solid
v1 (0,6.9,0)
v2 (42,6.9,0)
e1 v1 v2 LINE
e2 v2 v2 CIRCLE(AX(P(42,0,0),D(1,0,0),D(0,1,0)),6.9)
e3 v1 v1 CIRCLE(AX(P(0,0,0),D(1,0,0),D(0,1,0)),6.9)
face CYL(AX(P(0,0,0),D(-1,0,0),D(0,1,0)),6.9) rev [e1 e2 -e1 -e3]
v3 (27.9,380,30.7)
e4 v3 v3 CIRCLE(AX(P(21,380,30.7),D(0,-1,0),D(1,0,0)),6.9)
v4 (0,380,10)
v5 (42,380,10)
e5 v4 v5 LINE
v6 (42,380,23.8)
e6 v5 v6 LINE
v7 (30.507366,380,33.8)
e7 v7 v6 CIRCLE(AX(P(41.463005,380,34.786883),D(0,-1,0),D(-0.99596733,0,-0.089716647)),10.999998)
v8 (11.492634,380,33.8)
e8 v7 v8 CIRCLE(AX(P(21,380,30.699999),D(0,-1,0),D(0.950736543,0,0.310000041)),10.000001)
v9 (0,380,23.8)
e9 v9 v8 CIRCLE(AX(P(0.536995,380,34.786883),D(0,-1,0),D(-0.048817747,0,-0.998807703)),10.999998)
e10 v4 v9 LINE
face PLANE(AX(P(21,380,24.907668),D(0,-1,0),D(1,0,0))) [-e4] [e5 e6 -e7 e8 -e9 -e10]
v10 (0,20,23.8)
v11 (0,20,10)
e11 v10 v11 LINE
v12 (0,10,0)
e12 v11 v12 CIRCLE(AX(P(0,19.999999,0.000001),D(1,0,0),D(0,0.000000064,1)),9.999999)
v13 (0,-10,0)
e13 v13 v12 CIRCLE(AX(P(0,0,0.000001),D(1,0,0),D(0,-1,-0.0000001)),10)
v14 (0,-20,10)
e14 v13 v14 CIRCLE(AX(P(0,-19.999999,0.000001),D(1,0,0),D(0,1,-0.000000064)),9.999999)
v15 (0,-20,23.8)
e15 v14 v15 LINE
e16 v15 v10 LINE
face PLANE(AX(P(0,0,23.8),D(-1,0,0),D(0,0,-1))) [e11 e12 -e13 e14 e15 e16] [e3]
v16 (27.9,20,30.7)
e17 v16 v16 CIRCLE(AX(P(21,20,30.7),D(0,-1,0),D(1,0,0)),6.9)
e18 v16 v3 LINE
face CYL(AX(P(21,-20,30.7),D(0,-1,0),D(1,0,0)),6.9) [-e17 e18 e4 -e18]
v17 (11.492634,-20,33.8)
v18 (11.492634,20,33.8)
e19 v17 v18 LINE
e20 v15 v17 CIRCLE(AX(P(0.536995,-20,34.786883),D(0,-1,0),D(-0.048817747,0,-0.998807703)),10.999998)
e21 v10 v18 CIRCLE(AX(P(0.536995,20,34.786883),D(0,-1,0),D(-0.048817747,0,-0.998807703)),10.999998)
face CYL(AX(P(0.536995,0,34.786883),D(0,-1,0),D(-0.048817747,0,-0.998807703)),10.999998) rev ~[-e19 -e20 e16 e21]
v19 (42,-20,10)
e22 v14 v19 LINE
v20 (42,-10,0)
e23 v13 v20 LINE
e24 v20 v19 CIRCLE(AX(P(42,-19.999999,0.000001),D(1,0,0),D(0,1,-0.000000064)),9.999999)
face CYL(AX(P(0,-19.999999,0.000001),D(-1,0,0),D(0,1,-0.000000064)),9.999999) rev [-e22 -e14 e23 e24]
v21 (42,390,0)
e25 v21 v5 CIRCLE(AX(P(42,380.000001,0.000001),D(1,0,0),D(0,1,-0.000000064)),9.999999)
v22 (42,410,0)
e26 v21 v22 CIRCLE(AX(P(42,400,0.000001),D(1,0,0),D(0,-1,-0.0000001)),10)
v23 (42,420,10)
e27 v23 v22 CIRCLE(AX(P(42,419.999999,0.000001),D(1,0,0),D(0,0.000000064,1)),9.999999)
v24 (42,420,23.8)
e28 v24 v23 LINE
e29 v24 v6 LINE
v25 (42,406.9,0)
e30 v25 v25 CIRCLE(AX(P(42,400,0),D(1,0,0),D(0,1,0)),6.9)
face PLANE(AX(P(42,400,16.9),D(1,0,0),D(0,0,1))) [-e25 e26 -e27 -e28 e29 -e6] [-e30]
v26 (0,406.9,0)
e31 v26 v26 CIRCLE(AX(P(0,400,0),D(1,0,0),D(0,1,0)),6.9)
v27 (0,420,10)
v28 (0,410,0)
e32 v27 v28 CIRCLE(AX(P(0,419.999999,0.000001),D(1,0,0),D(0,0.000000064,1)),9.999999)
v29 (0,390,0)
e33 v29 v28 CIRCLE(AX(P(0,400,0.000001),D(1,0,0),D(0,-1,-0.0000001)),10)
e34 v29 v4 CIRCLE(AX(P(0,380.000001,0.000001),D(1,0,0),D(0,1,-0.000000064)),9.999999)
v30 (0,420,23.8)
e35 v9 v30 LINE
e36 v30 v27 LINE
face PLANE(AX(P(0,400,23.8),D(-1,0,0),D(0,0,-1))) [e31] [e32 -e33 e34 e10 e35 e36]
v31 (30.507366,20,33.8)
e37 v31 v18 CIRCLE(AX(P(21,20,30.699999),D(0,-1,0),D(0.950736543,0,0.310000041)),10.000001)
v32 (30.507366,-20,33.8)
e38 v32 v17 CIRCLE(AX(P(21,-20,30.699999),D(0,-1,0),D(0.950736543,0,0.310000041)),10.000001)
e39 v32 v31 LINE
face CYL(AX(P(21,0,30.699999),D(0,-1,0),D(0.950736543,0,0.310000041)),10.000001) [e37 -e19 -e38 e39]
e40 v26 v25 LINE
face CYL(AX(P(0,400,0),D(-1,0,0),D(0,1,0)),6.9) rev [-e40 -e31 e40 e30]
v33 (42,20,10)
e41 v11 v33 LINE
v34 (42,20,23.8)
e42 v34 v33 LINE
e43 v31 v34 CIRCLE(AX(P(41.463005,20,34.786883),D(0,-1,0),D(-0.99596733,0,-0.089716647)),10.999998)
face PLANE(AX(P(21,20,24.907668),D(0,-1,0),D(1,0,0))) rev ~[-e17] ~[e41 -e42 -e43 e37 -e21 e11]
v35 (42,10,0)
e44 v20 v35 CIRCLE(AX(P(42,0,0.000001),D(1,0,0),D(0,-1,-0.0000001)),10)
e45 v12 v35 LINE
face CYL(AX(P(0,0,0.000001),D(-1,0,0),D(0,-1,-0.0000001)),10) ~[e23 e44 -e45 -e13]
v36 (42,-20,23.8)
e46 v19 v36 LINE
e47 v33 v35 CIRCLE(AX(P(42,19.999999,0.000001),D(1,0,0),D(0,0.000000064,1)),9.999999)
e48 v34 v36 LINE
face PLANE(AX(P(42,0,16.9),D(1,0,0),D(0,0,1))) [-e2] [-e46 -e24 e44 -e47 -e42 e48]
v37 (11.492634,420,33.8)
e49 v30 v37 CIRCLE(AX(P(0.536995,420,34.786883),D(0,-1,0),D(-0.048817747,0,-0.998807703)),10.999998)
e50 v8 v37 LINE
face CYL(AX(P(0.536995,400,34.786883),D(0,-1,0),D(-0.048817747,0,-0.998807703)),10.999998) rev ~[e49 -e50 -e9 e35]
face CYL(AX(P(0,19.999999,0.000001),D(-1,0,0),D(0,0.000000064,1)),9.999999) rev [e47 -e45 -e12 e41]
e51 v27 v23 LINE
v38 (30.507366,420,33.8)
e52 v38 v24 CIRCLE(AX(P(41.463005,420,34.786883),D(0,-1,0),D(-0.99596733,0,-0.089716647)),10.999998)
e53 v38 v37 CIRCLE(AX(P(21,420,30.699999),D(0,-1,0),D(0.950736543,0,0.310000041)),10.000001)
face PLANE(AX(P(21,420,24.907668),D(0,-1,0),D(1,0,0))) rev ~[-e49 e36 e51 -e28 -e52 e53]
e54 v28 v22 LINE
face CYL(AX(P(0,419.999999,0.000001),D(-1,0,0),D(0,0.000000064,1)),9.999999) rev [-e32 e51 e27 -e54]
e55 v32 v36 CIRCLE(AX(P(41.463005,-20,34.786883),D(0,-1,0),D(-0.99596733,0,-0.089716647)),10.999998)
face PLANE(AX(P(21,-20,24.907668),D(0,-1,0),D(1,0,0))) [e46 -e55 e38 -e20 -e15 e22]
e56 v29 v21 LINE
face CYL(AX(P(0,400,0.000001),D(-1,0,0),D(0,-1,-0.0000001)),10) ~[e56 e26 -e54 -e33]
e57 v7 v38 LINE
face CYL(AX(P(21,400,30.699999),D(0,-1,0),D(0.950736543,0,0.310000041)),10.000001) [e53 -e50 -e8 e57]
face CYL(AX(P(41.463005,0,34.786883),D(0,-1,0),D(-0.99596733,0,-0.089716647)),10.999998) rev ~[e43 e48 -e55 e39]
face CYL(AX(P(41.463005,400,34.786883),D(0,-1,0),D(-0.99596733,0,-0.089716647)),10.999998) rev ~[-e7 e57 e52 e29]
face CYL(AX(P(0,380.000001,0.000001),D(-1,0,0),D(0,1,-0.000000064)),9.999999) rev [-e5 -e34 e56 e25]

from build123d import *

# Parameters (mm, degrees)
SKETCH011_R  = 6.9
PAD001_DEPTH = 42
SKETCH012_R  = 6.9
PAD002_DEPTH = 42
SKETCH014_R  = 6.9
PAD004_DEPTH = 20
SKETCH015_R  = 6.9
PAD005_DEPTH = 20
SKETCH016_R  = 6.9
PAD006_DEPTH = 440


with BuildPart() as x_axis_sled1:
    # Sketch011 → Pad001 (new body)
    with BuildSketch(Plane.YZ):
        with BuildLine():
            Line((-20, 16.9), (20, 16.9))
            Line((20, 16.9), (20, 10))
            ThreePointArc((20, 10), (12.928932, 7.071068), (10, 0))
            ThreePointArc((-10, 0), (0, -9.999999), (10, 0))
            ThreePointArc((-10, 0), (-12.928932, 7.071068), (-20, 10))
            Line((-20, 10), (-20, 16.9))
        make_face()
        Circle(SKETCH011_R, mode=Mode.SUBTRACT)
    extrude(amount=PAD001_DEPTH)


with BuildPart() as x_axis_sled2:
    # Sketch012 → Pad002 (new body)
    with BuildSketch(Plane(origin=(0, 400, 0), x_dir=(0, 1, 0), z_dir=(1, 0, 0))):
        with BuildLine():
            Line((-20, 16.9), (20, 16.9))
            Line((20, 16.9), (20, 10))
            ThreePointArc((20, 10), (12.928932, 7.071068), (10, 0))
            ThreePointArc((-10, 0), (0, -9.999999), (10, 0))
            ThreePointArc((-10, 0), (-12.928932, 7.071068), (-20, 10))
            Line((-20, 10), (-20, 16.9))
        make_face()
        Circle(SKETCH012_R, mode=Mode.SUBTRACT)
    extrude(amount=PAD002_DEPTH)


with BuildPart() as y_axis_socket1:
    # Sketch014 → Pad004 (new body, symmetric)
    with BuildSketch(Plane.XZ):
        with BuildLine():
            Line((0, 23.8), (0, 16.9))
            Line((0, 16.9), (42, 16.9))
            Line((42, 16.9), (42, 23.8))
            ThreePointArc((30.507366, 33.8), (34.242407, 26.488514), (42, 23.8))
            ThreePointArc((30.507366, 33.8), (21, 40.7), (11.492634, 33.8))
            ThreePointArc((0, 23.8), (7.757593, 26.488514), (11.492634, 33.8))
        make_face()
        with Locations((21, 30.7)):
            Circle(SKETCH014_R, mode=Mode.SUBTRACT)
    extrude(amount=PAD004_DEPTH, both=True)


with BuildPart() as y_axis_socket2:
    # Sketch015 → Pad005 (new body, symmetric)
    with BuildSketch(Plane.XZ.offset(-400)):
        with BuildLine():
            Line((0, 23.8), (0, 16.9))
            Line((0, 16.9), (42, 16.9))
            Line((42, 16.9), (42, 23.8))
            ThreePointArc((30.507366, 33.8), (34.242407, 26.488514), (42, 23.8))
            ThreePointArc((30.507366, 33.8), (21, 40.7), (11.492634, 33.8))
            ThreePointArc((0, 23.8), (7.757593, 26.488514), (11.492634, 33.8))
        make_face()
        with Locations((21, 30.7)):
            Circle(SKETCH015_R, mode=Mode.SUBTRACT)
    extrude(amount=PAD005_DEPTH, both=True)


with BuildPart() as y_rail:
    # Sketch016 → Pad006 (new body)
    with BuildSketch(Plane.XZ.offset(20)):
        with Locations((21, 30.7)):
            Circle(SKETCH016_R)
    extrude(amount=-PAD006_DEPTH)

    # Fusion: union X_Axis_Sled1, X_Axis_Sled2, Y_Axis_Socket1, Y_Axis_Socket2
    add(x_axis_sled1.part)
    add(x_axis_sled2.part)
    add(y_axis_socket1.part)
    add(y_axis_socket2.part)


solid = y_rail.part
